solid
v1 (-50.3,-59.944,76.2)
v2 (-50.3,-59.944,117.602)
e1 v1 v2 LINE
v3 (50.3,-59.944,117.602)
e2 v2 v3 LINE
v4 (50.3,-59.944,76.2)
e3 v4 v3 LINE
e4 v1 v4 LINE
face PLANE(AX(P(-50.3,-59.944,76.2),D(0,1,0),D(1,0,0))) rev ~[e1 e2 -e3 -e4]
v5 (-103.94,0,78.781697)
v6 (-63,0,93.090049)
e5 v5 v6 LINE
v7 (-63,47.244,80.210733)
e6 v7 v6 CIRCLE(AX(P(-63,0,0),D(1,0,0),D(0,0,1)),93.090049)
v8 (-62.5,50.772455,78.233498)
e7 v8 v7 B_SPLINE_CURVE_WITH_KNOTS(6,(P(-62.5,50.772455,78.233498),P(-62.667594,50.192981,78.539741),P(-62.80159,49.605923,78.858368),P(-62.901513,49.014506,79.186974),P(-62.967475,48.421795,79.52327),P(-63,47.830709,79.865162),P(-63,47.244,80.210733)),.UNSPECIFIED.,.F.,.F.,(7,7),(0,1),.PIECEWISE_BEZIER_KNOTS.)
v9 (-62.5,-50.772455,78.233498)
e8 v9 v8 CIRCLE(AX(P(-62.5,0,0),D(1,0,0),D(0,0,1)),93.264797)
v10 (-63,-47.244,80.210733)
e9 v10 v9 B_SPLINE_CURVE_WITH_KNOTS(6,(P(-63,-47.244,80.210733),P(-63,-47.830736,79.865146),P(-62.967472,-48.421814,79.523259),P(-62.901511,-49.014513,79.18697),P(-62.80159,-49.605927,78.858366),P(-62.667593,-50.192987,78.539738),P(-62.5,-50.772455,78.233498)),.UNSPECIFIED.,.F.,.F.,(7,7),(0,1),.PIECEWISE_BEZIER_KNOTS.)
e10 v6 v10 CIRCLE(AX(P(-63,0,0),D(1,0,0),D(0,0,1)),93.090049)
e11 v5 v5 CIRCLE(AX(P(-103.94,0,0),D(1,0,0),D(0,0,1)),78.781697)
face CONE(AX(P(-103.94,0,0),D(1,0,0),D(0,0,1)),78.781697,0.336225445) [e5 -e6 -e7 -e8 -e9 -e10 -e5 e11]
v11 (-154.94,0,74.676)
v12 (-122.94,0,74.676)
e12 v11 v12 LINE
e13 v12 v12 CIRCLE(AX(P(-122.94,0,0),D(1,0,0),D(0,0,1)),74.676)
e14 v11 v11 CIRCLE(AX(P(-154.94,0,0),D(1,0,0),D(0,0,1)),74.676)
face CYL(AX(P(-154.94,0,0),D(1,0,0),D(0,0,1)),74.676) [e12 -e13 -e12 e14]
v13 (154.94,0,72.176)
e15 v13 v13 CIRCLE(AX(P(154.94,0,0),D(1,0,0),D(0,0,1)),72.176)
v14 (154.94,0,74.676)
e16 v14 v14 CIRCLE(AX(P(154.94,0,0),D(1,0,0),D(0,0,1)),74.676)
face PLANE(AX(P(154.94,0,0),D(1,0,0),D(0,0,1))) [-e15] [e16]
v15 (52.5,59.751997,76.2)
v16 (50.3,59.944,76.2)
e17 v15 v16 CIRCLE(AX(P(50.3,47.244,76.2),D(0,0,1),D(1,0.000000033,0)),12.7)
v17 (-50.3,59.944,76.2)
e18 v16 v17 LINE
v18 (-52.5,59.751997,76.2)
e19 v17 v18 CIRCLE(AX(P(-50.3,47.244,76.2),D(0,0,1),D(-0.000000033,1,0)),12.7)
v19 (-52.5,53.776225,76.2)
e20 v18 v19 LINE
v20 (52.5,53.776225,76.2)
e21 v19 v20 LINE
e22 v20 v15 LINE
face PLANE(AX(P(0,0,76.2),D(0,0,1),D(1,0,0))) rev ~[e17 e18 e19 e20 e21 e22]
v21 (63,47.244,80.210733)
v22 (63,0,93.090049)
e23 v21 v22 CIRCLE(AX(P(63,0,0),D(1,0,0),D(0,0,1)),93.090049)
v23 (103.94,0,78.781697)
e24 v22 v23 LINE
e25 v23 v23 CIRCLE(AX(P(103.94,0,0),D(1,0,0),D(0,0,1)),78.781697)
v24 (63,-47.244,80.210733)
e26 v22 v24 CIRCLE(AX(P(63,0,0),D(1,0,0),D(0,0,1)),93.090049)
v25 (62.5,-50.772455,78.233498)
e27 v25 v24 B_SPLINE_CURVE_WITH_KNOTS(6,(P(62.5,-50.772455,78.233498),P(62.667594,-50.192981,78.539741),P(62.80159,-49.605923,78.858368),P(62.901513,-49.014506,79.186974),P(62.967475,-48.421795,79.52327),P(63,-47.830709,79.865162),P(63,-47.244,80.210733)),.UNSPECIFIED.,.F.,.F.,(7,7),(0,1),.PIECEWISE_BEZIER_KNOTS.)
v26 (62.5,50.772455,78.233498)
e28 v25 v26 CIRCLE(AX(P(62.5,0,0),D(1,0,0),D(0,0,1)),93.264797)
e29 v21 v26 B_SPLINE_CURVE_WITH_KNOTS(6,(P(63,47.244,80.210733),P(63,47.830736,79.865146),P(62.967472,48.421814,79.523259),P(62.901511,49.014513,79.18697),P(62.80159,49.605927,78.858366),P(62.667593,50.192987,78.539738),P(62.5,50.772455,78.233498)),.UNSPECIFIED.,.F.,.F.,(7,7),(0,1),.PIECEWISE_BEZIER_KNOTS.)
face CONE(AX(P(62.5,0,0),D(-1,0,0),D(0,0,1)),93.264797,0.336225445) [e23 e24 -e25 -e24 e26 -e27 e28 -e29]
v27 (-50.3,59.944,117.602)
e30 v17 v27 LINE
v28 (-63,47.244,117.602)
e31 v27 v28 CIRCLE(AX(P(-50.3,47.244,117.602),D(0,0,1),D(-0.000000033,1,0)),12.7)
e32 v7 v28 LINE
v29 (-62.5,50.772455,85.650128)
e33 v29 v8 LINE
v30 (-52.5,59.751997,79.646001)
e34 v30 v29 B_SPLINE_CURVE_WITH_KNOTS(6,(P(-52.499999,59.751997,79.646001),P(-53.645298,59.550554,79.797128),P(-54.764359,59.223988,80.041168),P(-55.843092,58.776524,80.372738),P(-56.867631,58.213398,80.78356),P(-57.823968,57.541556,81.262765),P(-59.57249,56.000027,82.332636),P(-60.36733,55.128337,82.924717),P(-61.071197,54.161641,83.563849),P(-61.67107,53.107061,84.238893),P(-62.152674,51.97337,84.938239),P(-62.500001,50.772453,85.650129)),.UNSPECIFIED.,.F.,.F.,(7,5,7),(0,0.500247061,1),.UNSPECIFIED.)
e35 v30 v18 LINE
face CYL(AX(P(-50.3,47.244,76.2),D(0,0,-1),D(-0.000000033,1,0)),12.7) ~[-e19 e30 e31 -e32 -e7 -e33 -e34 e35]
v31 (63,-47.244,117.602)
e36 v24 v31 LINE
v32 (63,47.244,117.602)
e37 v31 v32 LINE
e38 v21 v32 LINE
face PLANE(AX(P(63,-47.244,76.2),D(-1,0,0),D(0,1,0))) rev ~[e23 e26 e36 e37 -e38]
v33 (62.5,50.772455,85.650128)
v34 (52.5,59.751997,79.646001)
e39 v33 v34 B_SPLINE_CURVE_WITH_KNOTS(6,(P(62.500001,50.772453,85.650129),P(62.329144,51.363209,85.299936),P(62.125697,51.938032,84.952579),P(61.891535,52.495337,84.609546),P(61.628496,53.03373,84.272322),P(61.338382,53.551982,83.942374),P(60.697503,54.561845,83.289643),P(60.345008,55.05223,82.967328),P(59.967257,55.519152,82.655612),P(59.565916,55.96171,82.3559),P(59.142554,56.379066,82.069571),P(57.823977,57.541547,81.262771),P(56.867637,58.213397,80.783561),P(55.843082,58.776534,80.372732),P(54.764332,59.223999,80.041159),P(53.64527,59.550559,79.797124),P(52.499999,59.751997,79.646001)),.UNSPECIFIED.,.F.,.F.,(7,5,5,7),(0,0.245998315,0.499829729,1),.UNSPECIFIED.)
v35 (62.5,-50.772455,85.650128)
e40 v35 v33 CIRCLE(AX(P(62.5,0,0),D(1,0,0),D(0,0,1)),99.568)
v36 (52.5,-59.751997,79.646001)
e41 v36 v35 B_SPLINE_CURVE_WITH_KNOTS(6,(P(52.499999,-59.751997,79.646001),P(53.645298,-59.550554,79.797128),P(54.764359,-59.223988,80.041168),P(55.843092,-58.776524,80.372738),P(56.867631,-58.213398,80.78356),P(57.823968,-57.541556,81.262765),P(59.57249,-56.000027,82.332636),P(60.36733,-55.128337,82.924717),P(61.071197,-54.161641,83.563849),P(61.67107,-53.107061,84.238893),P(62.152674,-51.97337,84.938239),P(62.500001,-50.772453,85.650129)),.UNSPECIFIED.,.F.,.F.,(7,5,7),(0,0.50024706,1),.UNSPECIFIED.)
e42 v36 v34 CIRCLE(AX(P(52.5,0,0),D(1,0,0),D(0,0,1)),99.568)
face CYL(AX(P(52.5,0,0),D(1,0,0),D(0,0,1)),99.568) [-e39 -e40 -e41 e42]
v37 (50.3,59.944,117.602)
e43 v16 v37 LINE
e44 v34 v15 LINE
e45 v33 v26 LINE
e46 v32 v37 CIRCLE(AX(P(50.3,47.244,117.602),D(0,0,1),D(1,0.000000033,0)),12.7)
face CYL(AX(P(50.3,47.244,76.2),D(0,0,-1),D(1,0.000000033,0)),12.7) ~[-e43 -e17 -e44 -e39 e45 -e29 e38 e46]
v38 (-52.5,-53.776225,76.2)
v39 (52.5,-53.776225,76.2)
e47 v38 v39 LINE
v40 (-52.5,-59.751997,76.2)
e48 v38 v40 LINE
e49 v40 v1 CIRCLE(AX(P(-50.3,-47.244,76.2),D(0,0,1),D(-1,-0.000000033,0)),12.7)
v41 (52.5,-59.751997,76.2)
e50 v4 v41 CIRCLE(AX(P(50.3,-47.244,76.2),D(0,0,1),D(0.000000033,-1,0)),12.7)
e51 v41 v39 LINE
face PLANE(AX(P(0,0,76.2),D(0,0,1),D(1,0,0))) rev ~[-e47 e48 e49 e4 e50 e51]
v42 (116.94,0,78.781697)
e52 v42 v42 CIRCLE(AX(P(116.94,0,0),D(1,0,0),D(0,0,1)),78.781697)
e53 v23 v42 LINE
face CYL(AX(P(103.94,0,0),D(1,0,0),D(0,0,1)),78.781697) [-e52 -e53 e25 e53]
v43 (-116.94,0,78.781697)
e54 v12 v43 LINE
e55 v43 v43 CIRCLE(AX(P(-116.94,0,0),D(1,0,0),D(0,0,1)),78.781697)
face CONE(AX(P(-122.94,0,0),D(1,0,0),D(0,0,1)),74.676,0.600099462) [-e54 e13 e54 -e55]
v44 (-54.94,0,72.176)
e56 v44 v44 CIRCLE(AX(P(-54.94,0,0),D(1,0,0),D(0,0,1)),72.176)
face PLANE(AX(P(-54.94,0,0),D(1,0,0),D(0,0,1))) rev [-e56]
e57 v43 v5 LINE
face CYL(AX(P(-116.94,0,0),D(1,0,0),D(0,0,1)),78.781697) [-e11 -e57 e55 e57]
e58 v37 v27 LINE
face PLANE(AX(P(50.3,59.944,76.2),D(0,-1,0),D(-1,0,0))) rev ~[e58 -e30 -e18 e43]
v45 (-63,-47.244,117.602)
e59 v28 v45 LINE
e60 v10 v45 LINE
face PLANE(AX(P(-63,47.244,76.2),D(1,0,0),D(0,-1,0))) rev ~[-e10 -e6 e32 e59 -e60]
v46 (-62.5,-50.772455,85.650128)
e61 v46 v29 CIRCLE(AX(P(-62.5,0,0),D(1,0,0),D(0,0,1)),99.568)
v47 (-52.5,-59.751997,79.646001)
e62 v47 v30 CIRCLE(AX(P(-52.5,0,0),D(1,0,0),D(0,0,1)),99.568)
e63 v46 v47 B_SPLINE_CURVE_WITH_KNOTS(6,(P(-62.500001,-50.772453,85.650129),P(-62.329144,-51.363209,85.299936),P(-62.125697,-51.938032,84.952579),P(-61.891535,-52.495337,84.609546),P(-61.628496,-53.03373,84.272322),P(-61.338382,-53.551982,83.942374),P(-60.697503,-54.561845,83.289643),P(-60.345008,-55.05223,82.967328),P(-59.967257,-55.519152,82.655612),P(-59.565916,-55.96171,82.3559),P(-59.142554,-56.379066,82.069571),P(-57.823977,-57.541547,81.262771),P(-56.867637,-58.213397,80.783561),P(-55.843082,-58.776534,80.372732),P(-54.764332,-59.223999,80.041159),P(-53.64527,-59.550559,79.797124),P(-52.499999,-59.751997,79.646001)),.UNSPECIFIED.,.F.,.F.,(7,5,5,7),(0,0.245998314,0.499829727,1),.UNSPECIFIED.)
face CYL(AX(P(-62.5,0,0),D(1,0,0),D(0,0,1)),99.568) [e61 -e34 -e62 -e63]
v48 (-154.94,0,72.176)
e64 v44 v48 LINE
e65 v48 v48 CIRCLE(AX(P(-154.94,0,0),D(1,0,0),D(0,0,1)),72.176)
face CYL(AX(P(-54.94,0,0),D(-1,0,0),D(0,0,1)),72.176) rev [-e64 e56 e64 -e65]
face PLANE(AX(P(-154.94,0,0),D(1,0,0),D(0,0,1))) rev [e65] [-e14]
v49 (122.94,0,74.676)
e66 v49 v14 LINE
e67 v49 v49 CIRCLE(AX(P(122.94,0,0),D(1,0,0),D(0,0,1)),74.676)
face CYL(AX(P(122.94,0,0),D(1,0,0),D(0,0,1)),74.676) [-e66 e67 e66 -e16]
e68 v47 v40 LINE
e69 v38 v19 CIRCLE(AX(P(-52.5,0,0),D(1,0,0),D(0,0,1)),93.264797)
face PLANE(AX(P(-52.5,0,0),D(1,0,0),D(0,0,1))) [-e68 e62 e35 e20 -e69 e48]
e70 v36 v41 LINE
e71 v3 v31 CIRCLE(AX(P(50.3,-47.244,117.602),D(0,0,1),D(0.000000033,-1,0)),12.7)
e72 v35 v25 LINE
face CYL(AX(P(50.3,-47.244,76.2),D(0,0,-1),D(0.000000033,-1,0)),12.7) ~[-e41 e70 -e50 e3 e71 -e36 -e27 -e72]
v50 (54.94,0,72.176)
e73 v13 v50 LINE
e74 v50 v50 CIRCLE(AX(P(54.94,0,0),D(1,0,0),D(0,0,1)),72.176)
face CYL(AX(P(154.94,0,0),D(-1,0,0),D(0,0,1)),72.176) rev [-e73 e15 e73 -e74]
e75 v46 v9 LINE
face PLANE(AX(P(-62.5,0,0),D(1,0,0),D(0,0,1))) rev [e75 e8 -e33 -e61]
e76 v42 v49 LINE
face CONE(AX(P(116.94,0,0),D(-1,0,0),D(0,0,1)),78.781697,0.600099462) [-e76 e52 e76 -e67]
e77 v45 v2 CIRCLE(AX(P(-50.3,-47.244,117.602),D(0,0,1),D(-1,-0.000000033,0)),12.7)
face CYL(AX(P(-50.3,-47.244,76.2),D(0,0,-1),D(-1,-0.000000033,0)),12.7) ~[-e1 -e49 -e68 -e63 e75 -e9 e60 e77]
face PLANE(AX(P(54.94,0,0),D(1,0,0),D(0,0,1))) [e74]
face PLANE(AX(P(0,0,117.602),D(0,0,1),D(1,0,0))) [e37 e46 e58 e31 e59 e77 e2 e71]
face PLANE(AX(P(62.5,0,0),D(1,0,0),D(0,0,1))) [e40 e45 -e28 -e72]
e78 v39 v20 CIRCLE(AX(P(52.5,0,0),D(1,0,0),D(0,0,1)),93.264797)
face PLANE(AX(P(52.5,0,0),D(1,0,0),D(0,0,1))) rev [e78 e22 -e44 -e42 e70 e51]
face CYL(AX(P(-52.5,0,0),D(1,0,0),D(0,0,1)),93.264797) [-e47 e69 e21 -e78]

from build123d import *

# Parameters (mm, degrees)
PAD_DEPTH = 41.402


with BuildPart() as part:
    # Sketch → Revolution (revolve)
    with BuildSketch(Plane.XZ):
        Polygon((-103.94, 78.781697), (-62.5, 93.264797), (-62.5, 99.568), (-52.5, 99.568), (-52.5, 93.264797), (52.5, 93.264797), (52.5, 99.568), (62.5, 99.568), (62.5, 93.264797), (103.94, 78.781697), (116.94, 78.781697), (122.94, 74.676), (154.94, 74.676), (154.94, 72.176), (54.94, 72.176), (54.94, 0), (-54.94, 0), (-54.94, 72.176), (-154.94, 72.176), (-154.94, 74.676), (-122.94, 74.676), (-116.94, 78.781697), align=None)
    revolve(axis=Axis((0, 0, 0), (1, 0, 0)))

    # Sketch001 → Pad (new body)
    with BuildSketch(Plane.XY.offset(76.2)):
        with BuildLine():
            Line((-50.3, -59.944), (50.3, -59.944))
            ThreePointArc((50.3, -59.944), (59.280256, -56.224256), (63, -47.244))
            Line((63, -47.244), (63, 47.244))
            ThreePointArc((63, 47.244), (59.280256, 56.224256), (50.3, 59.944))
            Line((50.3, 59.944), (-50.3, 59.944))
            ThreePointArc((-50.3, 59.944), (-59.280256, 56.224256), (-63, 47.244))
            Line((-63, 47.244), (-63, -47.244))
            ThreePointArc((-63, -47.244), (-59.280256, -56.224256), (-50.3, -59.944))
        make_face()
    extrude(amount=PAD_DEPTH)


solid = part.part
